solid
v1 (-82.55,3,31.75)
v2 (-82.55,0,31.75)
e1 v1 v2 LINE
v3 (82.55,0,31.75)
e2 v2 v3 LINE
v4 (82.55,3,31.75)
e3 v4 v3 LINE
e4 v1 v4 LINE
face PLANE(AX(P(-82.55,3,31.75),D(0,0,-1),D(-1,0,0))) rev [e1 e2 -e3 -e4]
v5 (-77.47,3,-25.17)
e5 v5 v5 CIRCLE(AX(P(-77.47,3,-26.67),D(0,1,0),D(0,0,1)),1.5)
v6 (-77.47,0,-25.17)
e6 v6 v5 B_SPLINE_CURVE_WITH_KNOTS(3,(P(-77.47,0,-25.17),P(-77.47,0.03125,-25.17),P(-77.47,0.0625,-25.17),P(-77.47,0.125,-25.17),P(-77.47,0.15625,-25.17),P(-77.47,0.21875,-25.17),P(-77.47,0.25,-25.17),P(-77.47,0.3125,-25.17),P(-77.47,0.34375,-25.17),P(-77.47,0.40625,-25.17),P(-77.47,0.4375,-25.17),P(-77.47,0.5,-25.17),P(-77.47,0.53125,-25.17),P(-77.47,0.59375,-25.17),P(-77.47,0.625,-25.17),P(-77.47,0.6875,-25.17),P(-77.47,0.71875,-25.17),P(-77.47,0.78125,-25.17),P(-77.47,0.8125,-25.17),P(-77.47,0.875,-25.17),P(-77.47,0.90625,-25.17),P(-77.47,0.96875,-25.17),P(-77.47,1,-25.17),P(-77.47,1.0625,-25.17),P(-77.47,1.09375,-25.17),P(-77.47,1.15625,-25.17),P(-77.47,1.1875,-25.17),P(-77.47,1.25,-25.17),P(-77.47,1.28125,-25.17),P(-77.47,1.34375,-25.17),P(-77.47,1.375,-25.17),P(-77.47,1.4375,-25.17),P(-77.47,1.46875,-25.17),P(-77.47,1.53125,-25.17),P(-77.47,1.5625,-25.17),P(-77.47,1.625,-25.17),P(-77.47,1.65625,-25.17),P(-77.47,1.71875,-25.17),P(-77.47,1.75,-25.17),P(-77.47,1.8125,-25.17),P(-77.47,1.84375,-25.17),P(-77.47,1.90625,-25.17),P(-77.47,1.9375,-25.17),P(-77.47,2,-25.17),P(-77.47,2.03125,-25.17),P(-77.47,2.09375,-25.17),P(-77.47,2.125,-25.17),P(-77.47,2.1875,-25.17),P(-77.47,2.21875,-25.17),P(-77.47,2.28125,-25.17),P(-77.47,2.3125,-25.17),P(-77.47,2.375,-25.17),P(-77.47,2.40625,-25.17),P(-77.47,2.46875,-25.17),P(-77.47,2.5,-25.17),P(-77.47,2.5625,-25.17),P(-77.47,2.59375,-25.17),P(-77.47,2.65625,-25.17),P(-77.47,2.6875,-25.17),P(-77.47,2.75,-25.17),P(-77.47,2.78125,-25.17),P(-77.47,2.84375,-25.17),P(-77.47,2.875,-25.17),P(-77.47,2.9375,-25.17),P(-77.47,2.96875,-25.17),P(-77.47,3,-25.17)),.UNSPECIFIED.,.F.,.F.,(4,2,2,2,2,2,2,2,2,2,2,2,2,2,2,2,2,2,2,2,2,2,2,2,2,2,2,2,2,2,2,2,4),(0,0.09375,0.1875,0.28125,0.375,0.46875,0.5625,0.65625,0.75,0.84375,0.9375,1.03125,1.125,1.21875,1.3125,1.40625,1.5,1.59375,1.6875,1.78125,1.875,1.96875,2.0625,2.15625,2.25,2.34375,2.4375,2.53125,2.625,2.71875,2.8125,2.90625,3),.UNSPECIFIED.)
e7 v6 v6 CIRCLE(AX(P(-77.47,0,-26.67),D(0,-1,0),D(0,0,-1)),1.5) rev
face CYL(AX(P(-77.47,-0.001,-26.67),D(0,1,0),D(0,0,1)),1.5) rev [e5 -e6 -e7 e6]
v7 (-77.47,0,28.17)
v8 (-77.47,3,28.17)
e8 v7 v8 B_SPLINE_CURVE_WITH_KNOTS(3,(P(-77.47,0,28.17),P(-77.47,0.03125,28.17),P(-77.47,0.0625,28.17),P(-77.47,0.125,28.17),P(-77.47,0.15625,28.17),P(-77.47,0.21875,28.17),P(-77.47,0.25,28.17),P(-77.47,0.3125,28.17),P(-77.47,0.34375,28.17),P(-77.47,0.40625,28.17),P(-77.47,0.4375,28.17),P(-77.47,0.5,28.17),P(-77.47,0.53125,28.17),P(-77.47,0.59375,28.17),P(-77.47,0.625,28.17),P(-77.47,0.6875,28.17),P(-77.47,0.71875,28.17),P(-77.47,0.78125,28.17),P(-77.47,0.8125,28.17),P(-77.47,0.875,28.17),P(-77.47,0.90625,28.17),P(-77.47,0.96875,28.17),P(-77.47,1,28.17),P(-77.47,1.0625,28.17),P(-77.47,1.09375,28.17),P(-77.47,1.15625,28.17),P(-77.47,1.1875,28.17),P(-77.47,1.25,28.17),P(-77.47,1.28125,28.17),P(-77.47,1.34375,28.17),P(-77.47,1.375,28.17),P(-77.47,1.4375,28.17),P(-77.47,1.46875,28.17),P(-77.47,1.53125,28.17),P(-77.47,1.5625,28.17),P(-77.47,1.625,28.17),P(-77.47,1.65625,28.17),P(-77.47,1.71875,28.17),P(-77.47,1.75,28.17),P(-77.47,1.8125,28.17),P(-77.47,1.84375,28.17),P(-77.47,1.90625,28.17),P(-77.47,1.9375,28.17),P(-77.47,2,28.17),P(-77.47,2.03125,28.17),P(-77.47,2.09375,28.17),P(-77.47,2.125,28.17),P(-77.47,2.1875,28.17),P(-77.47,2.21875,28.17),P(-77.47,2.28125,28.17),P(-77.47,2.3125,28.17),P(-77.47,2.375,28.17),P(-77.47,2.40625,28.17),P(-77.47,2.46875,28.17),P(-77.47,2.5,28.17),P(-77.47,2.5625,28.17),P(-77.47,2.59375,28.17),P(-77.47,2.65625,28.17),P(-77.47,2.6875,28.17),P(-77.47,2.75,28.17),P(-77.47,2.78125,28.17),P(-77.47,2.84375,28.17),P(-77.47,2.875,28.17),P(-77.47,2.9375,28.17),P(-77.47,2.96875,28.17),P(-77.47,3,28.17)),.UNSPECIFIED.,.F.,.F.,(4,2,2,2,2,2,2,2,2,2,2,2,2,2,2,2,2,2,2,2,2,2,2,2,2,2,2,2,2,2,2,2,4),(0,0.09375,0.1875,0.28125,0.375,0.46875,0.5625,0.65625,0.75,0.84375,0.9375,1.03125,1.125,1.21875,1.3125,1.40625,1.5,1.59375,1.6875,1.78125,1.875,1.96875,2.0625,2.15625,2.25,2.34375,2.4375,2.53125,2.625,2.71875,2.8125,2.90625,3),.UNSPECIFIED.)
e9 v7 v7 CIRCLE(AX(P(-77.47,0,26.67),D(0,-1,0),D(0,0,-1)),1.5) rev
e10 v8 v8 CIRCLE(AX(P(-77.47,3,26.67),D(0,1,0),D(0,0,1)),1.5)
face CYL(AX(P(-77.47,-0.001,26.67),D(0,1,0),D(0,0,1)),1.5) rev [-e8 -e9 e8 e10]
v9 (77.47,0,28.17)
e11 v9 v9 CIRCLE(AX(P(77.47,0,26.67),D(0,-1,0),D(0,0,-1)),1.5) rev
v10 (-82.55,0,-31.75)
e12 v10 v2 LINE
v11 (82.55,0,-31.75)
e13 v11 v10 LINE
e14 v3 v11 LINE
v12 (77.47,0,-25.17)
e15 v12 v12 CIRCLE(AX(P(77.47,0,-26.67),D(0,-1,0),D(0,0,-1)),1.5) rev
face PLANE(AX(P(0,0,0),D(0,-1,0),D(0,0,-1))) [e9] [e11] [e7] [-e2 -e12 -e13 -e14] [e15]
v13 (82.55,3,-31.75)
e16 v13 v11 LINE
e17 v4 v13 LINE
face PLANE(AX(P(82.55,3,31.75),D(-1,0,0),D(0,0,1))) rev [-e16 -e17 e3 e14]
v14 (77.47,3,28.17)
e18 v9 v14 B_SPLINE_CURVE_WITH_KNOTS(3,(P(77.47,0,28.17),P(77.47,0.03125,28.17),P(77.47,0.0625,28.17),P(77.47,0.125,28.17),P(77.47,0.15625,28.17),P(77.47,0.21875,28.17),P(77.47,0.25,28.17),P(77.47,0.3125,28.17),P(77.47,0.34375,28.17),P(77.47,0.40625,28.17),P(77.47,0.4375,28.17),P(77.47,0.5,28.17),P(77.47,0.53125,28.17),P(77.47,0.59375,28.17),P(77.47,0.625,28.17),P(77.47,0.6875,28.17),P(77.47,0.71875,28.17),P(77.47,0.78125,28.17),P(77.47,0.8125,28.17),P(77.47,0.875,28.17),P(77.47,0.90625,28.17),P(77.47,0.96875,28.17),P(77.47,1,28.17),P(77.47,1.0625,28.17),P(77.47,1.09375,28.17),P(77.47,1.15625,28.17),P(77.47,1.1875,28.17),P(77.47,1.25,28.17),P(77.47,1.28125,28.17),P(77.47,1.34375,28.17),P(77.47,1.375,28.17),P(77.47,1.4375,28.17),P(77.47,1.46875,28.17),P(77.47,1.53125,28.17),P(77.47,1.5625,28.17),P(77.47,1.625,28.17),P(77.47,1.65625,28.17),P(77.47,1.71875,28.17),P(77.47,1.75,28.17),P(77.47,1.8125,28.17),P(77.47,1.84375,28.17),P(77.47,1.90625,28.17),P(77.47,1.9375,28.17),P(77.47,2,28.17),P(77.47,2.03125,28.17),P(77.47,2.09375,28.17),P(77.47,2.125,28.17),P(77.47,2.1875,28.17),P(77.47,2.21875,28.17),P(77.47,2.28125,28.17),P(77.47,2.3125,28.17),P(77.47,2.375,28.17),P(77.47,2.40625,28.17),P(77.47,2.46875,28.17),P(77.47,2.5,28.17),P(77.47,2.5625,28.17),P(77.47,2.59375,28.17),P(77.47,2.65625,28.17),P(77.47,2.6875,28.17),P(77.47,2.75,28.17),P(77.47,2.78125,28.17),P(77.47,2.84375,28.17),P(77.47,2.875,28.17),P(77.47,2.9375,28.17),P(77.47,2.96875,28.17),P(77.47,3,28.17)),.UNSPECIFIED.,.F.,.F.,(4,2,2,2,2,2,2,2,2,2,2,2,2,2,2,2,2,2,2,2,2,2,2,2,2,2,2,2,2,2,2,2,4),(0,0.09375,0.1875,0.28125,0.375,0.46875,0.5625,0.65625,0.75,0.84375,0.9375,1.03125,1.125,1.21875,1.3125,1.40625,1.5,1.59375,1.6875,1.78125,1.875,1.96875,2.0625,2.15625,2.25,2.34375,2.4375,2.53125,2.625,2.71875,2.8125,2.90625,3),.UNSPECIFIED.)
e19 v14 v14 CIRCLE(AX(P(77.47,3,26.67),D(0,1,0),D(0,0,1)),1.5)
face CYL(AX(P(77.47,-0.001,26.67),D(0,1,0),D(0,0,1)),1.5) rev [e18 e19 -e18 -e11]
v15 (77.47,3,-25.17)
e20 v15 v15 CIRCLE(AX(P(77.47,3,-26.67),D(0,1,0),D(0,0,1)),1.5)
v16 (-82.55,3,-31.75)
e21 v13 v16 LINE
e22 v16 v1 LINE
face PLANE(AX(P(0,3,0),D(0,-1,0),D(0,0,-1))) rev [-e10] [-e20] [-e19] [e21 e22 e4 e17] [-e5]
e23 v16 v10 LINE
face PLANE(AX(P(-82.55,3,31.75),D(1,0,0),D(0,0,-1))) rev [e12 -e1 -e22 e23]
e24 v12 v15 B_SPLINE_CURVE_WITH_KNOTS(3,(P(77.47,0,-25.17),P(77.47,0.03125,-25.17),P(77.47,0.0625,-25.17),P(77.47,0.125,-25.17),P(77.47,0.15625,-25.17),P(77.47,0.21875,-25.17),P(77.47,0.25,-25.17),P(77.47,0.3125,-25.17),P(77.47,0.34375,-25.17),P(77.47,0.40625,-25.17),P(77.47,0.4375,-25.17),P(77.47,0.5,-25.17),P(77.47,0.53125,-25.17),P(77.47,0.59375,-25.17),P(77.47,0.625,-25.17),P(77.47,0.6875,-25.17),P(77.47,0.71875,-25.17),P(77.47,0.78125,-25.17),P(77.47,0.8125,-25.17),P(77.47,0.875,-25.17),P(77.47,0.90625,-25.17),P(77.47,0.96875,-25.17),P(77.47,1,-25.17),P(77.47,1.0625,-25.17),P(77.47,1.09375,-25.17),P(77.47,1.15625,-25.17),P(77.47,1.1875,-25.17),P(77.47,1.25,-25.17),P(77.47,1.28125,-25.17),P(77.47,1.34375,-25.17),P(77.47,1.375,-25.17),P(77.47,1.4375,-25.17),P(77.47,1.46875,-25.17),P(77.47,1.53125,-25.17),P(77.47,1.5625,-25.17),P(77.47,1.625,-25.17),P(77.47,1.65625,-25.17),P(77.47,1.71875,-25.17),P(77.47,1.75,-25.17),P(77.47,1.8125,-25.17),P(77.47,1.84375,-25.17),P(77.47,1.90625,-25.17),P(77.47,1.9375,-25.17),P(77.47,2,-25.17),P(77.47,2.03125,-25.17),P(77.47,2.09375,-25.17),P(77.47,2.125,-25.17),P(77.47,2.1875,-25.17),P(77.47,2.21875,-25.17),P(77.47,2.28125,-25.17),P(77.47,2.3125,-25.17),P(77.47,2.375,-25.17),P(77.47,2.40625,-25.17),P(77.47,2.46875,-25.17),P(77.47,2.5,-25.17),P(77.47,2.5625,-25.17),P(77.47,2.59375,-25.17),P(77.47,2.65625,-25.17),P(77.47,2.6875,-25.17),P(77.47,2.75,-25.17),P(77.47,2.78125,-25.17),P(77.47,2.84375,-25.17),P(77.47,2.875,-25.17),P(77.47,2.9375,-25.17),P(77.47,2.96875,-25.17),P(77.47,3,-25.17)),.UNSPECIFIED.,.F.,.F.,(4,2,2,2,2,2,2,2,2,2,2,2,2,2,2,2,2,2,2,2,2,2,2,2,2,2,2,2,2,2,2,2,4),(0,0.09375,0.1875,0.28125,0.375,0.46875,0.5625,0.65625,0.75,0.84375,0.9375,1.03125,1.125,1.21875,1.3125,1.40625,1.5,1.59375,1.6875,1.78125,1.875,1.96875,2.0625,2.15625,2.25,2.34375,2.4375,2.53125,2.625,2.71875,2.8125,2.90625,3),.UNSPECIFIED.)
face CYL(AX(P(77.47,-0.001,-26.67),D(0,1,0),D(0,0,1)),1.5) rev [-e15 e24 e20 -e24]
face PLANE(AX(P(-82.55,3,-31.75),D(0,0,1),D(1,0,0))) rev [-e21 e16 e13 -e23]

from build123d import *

# Parameters (mm, degrees)
SKETCH1_W           = 165.1
SKETCH1_H           = 63.5
BOSS_EXTRUDE1_DEPTH = 3
CUT_EXTRUDE1_REACH  = 90.496
SKETCH2_R           = 1.5


with BuildPart() as part:
    # Sketch1 → Boss-Extrude1 (new body)
    with BuildSketch(Plane(origin=(0, 0, 0), x_dir=(1, 0, 0), z_dir=(0, 1, 0))):
        Rectangle(SKETCH1_W, SKETCH1_H)
    extrude(amount=BOSS_EXTRUDE1_DEPTH)

    # Sketch2 → Cut-Extrude1 (cut, up to next)
    with BuildSketch(Plane(origin=(0, 3, 0), x_dir=(1, 0, 0), z_dir=(0, 1, 0)), mode=Mode.PRIVATE) as cut_extrude1_sk1:
        with Locations(Location((-77.47, 26.67, 0), (0, 0, 270))):
            Circle(SKETCH2_R)
    cut_extrude1_tool1 = extrude(cut_extrude1_sk1.sketch, amount=-CUT_EXTRUDE1_REACH, mode=Mode.PRIVATE) & part.part
    # Sketch2 → Cut-Extrude1 (cut, up to next)
    with BuildSketch(Plane(origin=(0, 3, 0), x_dir=(1, 0, 0), z_dir=(0, 1, 0)), mode=Mode.PRIVATE) as cut_extrude1_sk2:
        with Locations(Location((-77.47, -26.67, 0), (0, 0, 270))):
            Circle(SKETCH2_R)
    cut_extrude1_tool2 = extrude(cut_extrude1_sk2.sketch, amount=-CUT_EXTRUDE1_REACH, mode=Mode.PRIVATE) & part.part
    # Sketch2 → Cut-Extrude1 (cut, up to next)
    with BuildSketch(Plane(origin=(0, 3, 0), x_dir=(1, 0, 0), z_dir=(0, 1, 0)), mode=Mode.PRIVATE) as cut_extrude1_sk3:
        with Locations(Location((77.47, 26.67, 0), (0, 0, 270))):
            Circle(SKETCH2_R)
    cut_extrude1_tool3 = extrude(cut_extrude1_sk3.sketch, amount=-CUT_EXTRUDE1_REACH, mode=Mode.PRIVATE) & part.part
    # Sketch2 → Cut-Extrude1 (cut, up to next)
    with BuildSketch(Plane(origin=(0, 3, 0), x_dir=(1, 0, 0), z_dir=(0, 1, 0)), mode=Mode.PRIVATE) as cut_extrude1_sk4:
        with Locations(Location((77.47, -26.67, 0), (0, 0, 270))):
            Circle(SKETCH2_R)
    cut_extrude1_tool4 = extrude(cut_extrude1_sk4.sketch, amount=-CUT_EXTRUDE1_REACH, mode=Mode.PRIVATE) & part.part
    add(cut_extrude1_tool1.solids().sort_by_distance((-77.47, 3, -26.67))[0], mode=Mode.SUBTRACT)
    add(cut_extrude1_tool2.solids().sort_by_distance((-77.47, 3, 26.67))[0], mode=Mode.SUBTRACT)
    add(cut_extrude1_tool3.solids().sort_by_distance((77.47, 3, -26.67))[0], mode=Mode.SUBTRACT)
    add(cut_extrude1_tool4.solids().sort_by_distance((77.47, 3, 26.67))[0], mode=Mode.SUBTRACT)


solid = part.part
